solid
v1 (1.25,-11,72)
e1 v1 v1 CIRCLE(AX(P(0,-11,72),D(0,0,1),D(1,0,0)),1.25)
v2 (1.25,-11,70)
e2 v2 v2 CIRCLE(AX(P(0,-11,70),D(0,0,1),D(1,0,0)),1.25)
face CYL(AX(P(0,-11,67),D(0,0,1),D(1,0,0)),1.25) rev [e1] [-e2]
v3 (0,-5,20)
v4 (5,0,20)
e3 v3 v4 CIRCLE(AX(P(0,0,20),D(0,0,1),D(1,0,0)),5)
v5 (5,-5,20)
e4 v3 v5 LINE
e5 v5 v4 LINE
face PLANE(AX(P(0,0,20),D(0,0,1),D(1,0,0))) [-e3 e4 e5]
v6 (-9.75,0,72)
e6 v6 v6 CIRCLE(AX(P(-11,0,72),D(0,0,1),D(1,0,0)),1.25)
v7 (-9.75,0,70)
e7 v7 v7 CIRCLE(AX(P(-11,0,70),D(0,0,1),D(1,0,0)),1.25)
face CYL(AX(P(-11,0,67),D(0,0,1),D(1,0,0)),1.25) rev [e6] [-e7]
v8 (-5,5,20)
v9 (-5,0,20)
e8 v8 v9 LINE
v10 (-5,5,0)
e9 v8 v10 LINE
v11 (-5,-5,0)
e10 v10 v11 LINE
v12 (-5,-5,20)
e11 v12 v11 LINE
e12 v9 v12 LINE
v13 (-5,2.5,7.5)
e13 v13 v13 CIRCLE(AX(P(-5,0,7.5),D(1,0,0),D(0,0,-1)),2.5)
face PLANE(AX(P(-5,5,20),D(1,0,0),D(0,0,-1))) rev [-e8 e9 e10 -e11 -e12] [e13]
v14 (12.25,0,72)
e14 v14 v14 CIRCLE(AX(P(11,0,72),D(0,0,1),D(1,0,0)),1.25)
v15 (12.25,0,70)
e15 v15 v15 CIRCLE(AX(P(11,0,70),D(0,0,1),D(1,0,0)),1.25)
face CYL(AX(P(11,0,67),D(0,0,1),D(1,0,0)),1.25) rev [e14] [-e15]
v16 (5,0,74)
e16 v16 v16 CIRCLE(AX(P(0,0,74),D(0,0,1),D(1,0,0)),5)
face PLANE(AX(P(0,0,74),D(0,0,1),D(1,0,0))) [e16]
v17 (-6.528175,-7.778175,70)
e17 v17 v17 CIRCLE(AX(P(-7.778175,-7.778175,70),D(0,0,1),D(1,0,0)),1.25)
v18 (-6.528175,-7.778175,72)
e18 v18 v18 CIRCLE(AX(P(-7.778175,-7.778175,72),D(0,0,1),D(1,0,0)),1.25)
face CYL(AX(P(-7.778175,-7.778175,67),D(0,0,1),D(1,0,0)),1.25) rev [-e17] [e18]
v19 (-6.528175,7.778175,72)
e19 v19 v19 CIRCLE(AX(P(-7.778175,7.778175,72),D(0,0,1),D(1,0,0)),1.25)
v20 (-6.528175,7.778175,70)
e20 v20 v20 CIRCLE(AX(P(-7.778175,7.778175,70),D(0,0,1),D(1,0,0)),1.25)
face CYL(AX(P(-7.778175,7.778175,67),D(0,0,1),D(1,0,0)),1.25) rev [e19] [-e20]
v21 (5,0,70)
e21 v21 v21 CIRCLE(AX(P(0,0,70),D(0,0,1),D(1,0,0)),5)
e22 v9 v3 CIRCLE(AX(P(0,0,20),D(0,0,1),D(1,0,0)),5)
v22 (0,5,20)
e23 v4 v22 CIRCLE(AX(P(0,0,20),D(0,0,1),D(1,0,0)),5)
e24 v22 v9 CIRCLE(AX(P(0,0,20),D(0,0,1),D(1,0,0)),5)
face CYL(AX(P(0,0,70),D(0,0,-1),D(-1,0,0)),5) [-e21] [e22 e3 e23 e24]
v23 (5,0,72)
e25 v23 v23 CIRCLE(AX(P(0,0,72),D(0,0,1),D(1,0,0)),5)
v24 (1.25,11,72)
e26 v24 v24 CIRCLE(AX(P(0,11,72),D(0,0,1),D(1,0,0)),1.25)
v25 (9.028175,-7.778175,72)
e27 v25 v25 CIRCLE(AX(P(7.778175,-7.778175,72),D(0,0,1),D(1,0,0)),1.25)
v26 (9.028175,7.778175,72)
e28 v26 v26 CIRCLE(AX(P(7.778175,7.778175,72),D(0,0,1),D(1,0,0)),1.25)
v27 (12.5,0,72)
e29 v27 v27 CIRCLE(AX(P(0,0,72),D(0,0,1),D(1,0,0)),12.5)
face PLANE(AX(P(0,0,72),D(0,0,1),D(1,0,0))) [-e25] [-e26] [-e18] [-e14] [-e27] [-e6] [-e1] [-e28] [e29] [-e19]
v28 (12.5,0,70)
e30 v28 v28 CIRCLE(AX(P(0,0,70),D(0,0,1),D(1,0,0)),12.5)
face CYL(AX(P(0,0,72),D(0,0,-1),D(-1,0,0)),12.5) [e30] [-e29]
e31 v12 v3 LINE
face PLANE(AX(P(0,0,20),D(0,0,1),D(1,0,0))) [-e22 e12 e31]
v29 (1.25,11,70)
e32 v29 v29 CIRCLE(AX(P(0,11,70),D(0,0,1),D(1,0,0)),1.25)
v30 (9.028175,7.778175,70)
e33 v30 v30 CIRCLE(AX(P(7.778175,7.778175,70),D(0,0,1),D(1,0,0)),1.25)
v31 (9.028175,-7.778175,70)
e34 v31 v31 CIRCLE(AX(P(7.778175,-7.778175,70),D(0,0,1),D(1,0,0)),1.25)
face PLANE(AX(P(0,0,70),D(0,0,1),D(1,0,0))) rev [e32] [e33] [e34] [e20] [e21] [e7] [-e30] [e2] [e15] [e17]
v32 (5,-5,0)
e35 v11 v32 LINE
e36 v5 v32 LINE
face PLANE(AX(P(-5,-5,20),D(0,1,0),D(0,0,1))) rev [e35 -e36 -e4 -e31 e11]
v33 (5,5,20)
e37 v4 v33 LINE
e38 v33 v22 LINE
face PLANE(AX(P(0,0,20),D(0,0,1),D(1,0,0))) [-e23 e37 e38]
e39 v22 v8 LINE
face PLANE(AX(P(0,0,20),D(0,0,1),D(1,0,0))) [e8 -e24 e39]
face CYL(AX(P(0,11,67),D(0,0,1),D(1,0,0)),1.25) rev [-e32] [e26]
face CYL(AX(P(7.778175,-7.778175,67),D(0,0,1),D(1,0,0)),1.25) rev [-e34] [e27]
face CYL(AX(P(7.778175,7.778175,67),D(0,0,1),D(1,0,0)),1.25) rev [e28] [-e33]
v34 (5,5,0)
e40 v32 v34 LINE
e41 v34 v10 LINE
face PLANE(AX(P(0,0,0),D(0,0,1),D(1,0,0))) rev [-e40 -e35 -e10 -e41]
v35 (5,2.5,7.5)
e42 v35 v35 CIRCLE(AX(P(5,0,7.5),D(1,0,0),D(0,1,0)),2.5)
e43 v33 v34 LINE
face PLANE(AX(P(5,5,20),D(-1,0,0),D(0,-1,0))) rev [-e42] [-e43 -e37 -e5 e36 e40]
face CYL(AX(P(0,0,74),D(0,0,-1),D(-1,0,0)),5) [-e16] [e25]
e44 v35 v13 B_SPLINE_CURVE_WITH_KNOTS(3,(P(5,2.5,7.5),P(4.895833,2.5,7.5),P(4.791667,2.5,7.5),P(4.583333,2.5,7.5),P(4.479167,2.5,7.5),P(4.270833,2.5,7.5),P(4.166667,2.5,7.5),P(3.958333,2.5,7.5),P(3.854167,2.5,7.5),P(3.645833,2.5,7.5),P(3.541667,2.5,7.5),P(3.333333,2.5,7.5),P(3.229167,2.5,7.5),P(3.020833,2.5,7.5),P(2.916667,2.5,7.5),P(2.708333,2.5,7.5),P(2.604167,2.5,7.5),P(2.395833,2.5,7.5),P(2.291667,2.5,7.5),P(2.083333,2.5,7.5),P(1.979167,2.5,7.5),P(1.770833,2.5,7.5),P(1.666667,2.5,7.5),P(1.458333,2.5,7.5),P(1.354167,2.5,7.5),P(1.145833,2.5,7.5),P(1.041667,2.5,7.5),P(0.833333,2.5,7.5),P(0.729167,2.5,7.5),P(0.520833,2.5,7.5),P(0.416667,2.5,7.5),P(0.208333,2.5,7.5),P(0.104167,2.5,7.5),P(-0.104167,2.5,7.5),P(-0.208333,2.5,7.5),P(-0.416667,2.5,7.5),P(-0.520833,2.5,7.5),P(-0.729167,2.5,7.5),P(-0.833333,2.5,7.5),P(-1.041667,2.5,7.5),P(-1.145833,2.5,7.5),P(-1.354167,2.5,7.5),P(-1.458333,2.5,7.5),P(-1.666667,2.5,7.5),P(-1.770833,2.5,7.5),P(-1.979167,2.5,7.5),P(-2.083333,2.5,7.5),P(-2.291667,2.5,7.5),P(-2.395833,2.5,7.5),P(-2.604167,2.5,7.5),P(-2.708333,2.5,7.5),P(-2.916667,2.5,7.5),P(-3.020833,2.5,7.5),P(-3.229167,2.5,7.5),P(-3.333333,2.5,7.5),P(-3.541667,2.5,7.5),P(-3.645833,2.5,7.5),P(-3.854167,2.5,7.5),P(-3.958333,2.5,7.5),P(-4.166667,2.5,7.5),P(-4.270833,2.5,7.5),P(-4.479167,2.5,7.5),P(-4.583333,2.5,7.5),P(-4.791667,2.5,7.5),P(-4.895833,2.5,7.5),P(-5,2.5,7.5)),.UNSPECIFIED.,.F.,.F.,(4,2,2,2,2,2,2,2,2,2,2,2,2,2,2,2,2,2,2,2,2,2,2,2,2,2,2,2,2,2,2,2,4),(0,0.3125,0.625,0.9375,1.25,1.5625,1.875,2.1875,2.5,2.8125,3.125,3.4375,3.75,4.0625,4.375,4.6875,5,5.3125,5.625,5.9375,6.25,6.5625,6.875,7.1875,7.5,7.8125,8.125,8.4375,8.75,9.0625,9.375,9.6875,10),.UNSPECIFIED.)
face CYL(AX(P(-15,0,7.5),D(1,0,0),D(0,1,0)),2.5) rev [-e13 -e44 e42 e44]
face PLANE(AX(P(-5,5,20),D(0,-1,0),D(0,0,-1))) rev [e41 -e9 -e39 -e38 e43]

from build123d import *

# Parameters (mm, degrees)
SKIZZE1_W                       = 10
SKIZZE1_H                       = 10
AUFSATZ_LINEAR_AUSTRAGEN1_DEPTH = 20
SKIZZE2_R                       = 2.5
SCHNITT_LINEAR_AUSTRAGEN1_DEPTH = 20
SKIZZE3_R                       = 5
AUFSATZ_LINEAR_AUSTRAGEN2_DEPTH = 50
SKIZZE4_R                       = 12.5
AUFSATZ_LINEAR_AUSTRAGEN3_DEPTH = 2
SKIZZE5_R                       = 1.25
SCHNITT_LINEAR_AUSTRAGEN2_DEPTH = 5
SKIZZE6_R                       = 5
AUFSATZ_LINEAR_AUSTRAGEN4_DEPTH = 2


with BuildPart() as part:
    # Skizze1 → Aufsatz-Linear austragen1 (new body)
    with BuildSketch(Plane.XY):
        Rectangle(SKIZZE1_W, SKIZZE1_H)
    extrude(amount=AUFSATZ_LINEAR_AUSTRAGEN1_DEPTH)

    # Skizze2 → Schnitt-Linear austragen1 (cut)
    with BuildSketch(Plane(origin=(5, 0, 0), x_dir=(0, 0, -1), z_dir=(1, 0, 0))):
        with Locations(Location((-7.5, 0, 0), (0, 0, 90))):
            Circle(SKIZZE2_R)
    extrude(amount=-SCHNITT_LINEAR_AUSTRAGEN1_DEPTH, mode=Mode.SUBTRACT)

    # Skizze3 → Aufsatz-Linear austragen2 (add)
    with BuildSketch(Plane.XY.offset(20)):
        Circle(SKIZZE3_R)
    extrude(amount=AUFSATZ_LINEAR_AUSTRAGEN2_DEPTH)

    # Skizze4 → Aufsatz-Linear austragen3 (add)
    with BuildSketch(Plane.XY.offset(70)):
        Circle(SKIZZE4_R)
    extrude(amount=AUFSATZ_LINEAR_AUSTRAGEN3_DEPTH)

    # Skizze5 → Schnitt-Linear austragen2 (cut)
    with BuildSketch(Plane.XY.offset(72)):
        with Locations((0, 11)):
            Circle(SKIZZE5_R)
        with Locations((7.778174593, 7.778174593)):
            Circle(SKIZZE5_R)
        with Locations((11, 0)):
            Circle(SKIZZE5_R)
        with Locations((7.778174593, -7.778174593)):
            Circle(SKIZZE5_R)
        with Locations((0, -11)):
            Circle(SKIZZE5_R)
        with Locations((-7.778174593, -7.778174593)):
            Circle(SKIZZE5_R)
        with Locations((-11, 0)):
            Circle(SKIZZE5_R)
        with Locations((-7.778174593, 7.778174593)):
            Circle(SKIZZE5_R)
    extrude(amount=-SCHNITT_LINEAR_AUSTRAGEN2_DEPTH, mode=Mode.SUBTRACT)

    # Skizze6 → Aufsatz-Linear austragen4 (add)
    with BuildSketch(Plane.XY.offset(72)):
        Circle(SKIZZE6_R)
    extrude(amount=AUFSATZ_LINEAR_AUSTRAGEN4_DEPTH)


solid = part.part
